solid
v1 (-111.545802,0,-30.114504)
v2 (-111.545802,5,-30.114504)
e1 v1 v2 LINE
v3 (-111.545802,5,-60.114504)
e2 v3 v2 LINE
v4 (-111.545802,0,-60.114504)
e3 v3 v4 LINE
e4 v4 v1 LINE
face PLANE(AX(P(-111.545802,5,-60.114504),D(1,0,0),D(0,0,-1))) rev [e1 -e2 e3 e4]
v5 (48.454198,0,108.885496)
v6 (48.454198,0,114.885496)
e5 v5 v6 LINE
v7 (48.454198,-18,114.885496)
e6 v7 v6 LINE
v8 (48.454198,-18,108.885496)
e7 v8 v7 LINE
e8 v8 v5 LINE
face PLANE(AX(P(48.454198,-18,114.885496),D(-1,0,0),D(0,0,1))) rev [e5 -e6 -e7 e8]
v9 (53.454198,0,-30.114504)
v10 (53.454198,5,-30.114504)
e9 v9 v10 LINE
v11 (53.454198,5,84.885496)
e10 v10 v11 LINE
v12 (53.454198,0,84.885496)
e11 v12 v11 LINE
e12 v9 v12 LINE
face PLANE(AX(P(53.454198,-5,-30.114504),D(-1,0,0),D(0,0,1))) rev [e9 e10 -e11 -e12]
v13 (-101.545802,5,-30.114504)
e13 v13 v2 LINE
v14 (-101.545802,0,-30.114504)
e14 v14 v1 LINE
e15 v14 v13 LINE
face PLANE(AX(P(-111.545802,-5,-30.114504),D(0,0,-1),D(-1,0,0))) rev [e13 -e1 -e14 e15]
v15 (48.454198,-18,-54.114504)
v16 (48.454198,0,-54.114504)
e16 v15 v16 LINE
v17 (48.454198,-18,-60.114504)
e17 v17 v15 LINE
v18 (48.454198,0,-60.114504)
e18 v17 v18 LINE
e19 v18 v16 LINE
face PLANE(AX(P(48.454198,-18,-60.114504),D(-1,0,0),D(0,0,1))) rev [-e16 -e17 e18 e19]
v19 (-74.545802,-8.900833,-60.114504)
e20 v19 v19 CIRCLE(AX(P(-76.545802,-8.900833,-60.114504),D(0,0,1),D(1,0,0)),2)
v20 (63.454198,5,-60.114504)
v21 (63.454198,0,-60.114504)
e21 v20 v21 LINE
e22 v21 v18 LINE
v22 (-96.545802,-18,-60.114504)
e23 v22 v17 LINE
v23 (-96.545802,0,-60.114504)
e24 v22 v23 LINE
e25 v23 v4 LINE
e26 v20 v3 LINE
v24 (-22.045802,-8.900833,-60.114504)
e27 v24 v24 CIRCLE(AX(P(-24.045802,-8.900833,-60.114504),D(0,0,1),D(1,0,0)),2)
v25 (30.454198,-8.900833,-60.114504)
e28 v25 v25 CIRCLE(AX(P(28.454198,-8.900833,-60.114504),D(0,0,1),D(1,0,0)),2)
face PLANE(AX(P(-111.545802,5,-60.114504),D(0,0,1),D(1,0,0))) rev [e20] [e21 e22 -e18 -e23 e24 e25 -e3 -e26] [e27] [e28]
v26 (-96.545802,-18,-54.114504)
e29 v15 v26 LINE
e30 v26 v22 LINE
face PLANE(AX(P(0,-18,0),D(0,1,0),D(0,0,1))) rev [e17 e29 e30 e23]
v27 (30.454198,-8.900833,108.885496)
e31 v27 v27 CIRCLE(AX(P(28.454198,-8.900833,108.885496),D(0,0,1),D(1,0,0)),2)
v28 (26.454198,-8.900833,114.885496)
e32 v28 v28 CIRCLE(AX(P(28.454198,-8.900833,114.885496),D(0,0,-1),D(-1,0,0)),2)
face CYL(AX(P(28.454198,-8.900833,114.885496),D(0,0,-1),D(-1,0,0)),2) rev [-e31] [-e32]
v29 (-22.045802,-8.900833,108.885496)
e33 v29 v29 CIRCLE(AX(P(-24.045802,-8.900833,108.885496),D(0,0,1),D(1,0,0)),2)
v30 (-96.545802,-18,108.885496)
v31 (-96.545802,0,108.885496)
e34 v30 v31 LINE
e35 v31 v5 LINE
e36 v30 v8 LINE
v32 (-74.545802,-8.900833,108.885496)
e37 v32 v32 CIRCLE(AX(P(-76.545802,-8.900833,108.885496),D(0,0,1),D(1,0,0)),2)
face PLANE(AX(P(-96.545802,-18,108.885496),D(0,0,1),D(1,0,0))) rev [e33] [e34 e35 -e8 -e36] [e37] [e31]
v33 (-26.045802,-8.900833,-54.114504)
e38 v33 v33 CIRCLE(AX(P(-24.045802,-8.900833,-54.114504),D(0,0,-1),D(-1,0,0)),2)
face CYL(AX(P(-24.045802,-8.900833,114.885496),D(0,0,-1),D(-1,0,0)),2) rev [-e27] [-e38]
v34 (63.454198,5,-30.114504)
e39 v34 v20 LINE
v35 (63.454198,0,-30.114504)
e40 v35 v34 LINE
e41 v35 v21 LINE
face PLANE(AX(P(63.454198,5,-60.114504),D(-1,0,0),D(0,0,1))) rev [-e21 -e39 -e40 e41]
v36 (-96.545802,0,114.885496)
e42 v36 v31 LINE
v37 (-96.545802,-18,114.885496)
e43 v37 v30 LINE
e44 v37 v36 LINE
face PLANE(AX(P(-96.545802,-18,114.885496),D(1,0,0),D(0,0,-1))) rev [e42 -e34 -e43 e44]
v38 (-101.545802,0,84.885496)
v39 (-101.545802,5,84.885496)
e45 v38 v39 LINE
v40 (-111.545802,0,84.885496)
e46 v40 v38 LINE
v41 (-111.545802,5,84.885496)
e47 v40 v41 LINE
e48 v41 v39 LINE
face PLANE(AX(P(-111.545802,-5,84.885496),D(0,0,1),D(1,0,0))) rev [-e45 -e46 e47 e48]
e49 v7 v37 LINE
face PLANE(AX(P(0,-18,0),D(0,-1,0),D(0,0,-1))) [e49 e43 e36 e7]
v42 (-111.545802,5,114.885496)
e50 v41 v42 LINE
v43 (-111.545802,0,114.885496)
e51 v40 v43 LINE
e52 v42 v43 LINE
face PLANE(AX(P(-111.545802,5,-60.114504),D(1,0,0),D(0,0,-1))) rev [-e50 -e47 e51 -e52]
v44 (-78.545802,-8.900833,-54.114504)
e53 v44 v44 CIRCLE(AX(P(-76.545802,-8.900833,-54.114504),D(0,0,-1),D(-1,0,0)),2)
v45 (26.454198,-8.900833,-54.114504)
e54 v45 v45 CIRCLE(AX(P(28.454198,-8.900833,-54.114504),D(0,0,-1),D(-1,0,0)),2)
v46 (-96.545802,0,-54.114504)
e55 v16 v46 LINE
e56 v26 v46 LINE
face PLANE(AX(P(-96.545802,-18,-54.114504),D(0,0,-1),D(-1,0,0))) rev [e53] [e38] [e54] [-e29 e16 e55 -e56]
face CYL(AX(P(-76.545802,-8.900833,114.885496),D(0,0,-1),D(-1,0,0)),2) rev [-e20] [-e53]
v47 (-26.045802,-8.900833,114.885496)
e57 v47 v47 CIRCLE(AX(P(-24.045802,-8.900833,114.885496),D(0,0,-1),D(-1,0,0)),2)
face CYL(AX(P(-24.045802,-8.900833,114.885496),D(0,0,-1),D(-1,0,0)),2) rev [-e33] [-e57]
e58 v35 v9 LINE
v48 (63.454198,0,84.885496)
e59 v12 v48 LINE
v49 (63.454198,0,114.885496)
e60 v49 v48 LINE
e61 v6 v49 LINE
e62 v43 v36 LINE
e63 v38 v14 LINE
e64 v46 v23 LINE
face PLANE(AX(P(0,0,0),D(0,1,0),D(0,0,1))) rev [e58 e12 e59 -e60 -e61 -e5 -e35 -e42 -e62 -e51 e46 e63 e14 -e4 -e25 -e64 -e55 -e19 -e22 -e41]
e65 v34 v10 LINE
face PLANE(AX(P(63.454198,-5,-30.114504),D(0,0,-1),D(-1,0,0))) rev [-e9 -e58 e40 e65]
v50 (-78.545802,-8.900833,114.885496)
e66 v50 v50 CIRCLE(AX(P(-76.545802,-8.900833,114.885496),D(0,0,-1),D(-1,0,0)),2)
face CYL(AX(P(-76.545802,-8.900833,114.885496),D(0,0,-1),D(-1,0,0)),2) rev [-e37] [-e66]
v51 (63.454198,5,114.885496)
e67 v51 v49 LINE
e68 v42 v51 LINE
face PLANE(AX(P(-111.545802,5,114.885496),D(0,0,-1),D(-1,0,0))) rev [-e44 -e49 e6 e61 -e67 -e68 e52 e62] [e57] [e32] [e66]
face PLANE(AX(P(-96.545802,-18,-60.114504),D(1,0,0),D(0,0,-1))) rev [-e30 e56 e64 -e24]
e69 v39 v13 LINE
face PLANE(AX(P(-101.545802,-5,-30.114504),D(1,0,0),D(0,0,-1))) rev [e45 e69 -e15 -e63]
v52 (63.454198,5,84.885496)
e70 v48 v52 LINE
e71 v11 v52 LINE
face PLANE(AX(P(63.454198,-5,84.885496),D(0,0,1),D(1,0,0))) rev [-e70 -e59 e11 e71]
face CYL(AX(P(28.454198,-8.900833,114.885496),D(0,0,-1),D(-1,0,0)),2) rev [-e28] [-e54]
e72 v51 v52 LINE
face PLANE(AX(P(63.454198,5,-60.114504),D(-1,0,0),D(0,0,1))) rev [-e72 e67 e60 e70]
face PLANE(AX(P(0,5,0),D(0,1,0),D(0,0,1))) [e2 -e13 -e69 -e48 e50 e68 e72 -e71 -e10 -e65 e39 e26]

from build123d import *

# Parameters (mm, degrees)
SKETCH1_W               = 175
SKETCH1_H               = 175
BOSS_EXTRUDE1_DEPTH     = 5
SKETCH3_W               = 145
SKETCH3_H               = 6
BOSS_EXTRUDE3_DEPTH     = 18
SKETCH4_R               = 2
CUT_EXTRUDE2_DEPTH      = 1
CUT_EXTRUDE2_DEPTH_BACK = 176
SKETCH5_W               = 10
SKETCH5_H               = 115
CUT_EXTRUDE3_DEPTH      = 10


with BuildPart() as part:
    # Sketch1 → Boss-Extrude1 (new body)
    with BuildSketch(Plane(origin=(0, 0, 0), x_dir=(1, 0, 0), z_dir=(0, 1, 0))):
        with Locations((-24.045801527, -27.385496183)):
            Rectangle(SKETCH1_W, SKETCH1_H)
    extrude(amount=BOSS_EXTRUDE1_DEPTH)

    # Sketch3 → Boss-Extrude3 (add)
    with BuildSketch(Plane.XZ):
        with Locations((-24.045801527, 111.885496183)):
            Rectangle(SKETCH3_W, SKETCH3_H)
        with Locations((-24.045801527, -57.114503817)):
            Rectangle(SKETCH3_W, SKETCH3_H)
    extrude(amount=BOSS_EXTRUDE3_DEPTH)

    # Sketch4 → Cut-Extrude2 (cut, two sides)
    with BuildSketch(Plane(origin=(0, 0, -60.114503817), x_dir=(-1, 0, 0), z_dir=(0, 0, -1))) as cut_extrude2_sk:
        with Locations((-28.454198473, -8.900832872)):
            Circle(SKETCH4_R)
        with Locations((24.045801527, -8.900832872)):
            Circle(SKETCH4_R)
        with Locations((76.545801527, -8.900832872)):
            Circle(SKETCH4_R)
    extrude(amount=CUT_EXTRUDE2_DEPTH, mode=Mode.SUBTRACT)
    extrude(cut_extrude2_sk.sketch, amount=-CUT_EXTRUDE2_DEPTH_BACK, mode=Mode.SUBTRACT)

    # Sketch5 → Cut-Extrude3 (cut)
    with BuildSketch(Plane(origin=(0, 5, 0), x_dir=(1, 0, 0), z_dir=(0, 1, 0))):
        with Locations((-106.545801527, -27.385496183)):
            Rectangle(SKETCH5_W, SKETCH5_H)
        with Locations((58.454198473, -27.385496183)):
            Rectangle(SKETCH5_W, SKETCH5_H)
    extrude(amount=-CUT_EXTRUDE3_DEPTH, mode=Mode.SUBTRACT)


solid = part.part
